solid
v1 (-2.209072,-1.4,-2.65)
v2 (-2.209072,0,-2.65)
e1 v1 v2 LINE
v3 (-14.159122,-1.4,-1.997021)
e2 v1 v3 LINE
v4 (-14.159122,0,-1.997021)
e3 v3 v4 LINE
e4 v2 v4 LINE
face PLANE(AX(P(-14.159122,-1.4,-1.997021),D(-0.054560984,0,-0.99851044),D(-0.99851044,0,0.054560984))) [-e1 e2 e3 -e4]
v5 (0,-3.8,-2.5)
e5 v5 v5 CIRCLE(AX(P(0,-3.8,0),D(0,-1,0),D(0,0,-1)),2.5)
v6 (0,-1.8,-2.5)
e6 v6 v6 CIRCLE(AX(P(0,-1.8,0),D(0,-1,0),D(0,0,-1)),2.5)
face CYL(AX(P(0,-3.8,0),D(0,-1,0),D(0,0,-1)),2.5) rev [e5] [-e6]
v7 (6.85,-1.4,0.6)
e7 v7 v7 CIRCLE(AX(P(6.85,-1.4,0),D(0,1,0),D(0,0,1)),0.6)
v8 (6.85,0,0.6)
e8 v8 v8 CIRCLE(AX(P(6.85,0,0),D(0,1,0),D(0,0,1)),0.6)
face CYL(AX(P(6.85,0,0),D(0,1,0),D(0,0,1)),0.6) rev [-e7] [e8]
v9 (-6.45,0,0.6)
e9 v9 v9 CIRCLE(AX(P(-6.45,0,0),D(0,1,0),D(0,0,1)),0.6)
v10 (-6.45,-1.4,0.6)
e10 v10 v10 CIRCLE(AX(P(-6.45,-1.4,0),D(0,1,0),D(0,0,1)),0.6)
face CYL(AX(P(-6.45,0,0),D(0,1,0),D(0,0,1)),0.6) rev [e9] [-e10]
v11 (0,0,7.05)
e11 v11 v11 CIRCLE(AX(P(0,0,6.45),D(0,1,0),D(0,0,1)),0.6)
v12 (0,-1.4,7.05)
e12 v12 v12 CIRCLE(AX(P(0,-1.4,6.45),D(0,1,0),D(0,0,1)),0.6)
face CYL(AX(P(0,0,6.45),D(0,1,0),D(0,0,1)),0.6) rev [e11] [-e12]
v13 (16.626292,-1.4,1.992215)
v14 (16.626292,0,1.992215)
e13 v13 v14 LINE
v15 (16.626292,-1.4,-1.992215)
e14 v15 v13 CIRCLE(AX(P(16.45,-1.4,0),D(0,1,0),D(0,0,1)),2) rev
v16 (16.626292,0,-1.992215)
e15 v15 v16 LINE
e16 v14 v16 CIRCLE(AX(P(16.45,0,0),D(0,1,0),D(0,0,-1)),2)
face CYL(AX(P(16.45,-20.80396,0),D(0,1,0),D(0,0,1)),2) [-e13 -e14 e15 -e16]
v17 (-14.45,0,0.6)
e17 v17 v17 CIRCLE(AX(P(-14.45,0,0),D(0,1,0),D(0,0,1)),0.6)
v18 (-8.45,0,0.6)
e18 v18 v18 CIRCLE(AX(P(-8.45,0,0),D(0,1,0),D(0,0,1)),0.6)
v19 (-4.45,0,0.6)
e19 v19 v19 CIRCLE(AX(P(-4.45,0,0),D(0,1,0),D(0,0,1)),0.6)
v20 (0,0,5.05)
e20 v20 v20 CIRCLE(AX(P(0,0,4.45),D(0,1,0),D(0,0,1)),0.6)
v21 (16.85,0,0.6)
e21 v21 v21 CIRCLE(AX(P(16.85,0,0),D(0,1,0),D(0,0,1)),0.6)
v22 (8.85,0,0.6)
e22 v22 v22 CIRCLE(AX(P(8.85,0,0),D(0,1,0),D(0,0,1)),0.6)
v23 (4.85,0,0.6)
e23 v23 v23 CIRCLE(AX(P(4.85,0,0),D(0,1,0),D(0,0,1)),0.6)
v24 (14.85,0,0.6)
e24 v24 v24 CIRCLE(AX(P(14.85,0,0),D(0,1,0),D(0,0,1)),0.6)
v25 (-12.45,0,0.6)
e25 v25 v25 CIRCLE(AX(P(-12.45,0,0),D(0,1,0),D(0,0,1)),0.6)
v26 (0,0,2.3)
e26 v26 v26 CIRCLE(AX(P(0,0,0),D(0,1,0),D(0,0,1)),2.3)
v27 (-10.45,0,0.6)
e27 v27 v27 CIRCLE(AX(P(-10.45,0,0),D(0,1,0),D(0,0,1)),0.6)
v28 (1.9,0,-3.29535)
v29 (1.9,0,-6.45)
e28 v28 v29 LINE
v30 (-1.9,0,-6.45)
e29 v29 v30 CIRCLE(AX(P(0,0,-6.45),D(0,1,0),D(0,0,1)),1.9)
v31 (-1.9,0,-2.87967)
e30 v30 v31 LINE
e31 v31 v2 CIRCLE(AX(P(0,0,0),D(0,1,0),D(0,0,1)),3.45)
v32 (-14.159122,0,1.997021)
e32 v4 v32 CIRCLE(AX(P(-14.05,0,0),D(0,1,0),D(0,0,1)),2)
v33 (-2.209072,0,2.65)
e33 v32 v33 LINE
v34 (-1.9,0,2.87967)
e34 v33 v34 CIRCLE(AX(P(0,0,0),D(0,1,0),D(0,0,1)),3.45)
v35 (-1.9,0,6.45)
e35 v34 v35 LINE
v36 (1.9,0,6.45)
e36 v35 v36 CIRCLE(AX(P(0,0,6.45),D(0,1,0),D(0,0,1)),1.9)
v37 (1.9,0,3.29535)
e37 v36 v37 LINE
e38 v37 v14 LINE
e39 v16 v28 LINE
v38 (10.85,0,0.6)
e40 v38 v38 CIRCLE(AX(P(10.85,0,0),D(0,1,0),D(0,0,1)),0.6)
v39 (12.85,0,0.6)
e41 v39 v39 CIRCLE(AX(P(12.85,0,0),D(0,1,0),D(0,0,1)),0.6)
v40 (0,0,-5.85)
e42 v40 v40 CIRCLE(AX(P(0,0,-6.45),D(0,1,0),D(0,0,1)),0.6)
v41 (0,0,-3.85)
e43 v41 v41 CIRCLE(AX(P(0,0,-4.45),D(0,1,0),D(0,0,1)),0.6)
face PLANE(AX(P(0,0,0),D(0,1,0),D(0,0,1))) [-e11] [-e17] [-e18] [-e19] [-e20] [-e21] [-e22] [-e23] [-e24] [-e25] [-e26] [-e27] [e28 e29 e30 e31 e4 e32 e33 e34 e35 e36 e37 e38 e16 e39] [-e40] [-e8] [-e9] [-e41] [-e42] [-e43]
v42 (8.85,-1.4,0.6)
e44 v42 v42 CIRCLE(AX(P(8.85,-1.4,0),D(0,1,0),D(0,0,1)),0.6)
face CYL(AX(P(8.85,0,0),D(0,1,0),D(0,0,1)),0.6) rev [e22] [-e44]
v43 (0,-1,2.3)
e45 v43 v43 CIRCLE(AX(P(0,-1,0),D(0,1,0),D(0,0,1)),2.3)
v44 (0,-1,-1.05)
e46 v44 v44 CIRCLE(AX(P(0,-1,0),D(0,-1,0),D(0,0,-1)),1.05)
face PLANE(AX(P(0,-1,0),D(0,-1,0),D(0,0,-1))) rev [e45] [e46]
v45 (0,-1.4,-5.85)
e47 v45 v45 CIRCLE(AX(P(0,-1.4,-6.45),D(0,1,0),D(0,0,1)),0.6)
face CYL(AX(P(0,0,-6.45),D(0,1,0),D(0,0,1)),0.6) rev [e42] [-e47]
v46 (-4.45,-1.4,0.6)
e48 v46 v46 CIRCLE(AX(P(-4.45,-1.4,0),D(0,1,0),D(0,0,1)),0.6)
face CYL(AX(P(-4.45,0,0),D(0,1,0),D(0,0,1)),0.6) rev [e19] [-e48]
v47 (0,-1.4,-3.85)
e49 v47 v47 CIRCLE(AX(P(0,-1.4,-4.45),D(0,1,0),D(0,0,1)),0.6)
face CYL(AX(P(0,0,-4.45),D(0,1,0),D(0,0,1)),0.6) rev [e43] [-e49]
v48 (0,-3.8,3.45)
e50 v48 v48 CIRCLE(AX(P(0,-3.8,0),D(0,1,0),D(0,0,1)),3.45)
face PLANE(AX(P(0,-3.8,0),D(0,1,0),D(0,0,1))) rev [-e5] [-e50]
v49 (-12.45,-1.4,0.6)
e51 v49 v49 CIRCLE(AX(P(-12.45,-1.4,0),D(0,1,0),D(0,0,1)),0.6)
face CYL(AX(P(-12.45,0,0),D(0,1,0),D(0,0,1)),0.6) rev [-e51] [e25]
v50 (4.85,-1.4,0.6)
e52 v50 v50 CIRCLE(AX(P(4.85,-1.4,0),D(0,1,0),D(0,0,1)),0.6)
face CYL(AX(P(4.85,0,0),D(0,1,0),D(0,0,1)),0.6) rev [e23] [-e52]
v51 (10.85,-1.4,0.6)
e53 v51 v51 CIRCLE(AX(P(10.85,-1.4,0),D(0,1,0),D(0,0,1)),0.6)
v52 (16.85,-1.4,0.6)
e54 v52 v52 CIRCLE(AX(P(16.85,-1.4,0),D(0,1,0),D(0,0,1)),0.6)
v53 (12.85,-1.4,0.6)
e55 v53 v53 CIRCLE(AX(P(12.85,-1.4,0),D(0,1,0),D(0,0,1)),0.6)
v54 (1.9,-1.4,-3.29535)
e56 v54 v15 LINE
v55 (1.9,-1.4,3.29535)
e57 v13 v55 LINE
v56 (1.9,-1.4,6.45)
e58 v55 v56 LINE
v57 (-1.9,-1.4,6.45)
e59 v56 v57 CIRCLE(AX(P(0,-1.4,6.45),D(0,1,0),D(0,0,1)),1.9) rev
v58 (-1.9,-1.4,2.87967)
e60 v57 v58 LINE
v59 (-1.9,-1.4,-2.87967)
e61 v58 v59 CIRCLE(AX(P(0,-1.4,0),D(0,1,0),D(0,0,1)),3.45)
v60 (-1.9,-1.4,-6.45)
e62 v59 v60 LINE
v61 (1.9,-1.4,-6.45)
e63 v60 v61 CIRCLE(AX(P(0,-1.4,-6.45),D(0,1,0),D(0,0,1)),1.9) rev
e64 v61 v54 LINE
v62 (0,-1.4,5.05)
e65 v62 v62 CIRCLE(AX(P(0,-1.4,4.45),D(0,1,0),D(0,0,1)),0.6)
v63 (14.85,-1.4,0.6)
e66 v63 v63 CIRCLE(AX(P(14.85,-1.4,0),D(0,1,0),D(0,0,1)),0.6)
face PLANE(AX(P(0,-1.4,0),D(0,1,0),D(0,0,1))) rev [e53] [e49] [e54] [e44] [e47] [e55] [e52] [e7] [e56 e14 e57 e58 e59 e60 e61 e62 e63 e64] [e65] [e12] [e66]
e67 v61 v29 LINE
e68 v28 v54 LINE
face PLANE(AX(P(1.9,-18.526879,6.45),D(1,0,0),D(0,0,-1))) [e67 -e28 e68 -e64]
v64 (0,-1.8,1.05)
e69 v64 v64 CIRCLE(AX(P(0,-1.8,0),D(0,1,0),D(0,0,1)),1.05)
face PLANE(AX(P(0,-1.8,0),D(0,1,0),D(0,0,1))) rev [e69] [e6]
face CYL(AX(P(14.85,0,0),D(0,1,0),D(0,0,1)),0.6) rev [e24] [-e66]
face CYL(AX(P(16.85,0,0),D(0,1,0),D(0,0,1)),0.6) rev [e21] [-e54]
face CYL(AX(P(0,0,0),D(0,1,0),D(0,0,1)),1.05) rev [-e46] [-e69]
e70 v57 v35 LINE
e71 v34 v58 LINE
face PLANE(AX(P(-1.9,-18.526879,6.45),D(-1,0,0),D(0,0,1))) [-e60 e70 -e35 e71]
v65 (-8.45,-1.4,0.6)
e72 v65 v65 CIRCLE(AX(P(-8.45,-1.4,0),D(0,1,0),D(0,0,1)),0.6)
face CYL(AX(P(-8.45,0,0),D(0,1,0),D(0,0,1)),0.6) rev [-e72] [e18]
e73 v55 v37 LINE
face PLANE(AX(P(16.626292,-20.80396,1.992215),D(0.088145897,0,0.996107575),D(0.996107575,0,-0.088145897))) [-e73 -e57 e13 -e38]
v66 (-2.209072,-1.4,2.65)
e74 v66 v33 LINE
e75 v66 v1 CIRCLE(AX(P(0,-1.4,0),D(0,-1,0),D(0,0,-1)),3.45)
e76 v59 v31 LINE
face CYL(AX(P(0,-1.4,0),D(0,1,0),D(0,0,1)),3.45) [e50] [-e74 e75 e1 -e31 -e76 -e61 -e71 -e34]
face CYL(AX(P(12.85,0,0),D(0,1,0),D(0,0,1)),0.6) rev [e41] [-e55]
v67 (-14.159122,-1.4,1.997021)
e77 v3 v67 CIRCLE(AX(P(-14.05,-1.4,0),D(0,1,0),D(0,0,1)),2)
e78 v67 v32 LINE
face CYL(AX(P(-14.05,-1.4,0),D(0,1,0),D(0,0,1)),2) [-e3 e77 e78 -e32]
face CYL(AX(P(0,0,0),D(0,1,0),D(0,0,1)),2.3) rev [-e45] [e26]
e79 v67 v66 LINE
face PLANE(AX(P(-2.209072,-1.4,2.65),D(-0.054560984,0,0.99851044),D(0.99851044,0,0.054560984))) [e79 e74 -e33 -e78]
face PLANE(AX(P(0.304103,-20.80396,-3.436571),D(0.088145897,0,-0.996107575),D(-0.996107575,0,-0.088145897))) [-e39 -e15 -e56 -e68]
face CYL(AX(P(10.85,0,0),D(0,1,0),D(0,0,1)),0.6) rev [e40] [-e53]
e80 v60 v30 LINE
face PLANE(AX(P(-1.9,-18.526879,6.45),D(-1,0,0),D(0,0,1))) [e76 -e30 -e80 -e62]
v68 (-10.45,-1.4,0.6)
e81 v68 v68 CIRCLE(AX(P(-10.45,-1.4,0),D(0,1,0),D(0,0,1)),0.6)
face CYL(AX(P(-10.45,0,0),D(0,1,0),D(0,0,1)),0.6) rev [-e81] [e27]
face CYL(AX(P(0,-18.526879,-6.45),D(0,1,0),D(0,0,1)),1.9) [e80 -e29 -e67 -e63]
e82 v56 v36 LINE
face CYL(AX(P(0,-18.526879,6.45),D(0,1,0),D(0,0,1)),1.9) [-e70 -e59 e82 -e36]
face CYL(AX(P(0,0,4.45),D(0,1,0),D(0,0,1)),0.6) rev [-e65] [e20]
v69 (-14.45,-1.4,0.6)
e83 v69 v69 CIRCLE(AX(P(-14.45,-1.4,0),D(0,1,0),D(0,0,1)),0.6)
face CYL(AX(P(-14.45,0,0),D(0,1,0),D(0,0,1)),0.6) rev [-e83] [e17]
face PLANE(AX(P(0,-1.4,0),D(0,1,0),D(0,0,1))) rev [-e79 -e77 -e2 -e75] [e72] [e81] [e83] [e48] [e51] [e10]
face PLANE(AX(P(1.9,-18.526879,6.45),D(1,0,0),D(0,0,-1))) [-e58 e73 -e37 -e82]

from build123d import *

# Parameters (mm, degrees)
RESSALTO_EXTRUS_O1_DEPTH = 1.4
ESBO_O2_R                = 3.45
RESSALTO_EXTRUS_O2_DEPTH = 2.4
FURO1_D                  = 1.2
PADR_O_LINEAR1_COUNT     = 6
PADR_O_LINEAR1_PITCH     = 2
RESSALTO_EXTRUS_O3_DEPTH = 1.4
FURO2_D                  = 1.2
PADR_O_LINEAR2_COUNT     = 7
PADR_O_LINEAR2_PITCH     = 2
RESSALTO_EXTRUS_O4_DEPTH = 1.4
FURO3_D                  = 1.2
PADR_O_LINEAR3_COUNT     = 2
PADR_O_LINEAR3_PITCH     = 2
PADR_OCIRCULAR1_COUNT    = 2
PADR_OCIRCULAR1_COPY_1_D = 1.2
FURO4_D                  = 5
FURO4_DEPTH              = 2
FURO5_D                  = 4.6
FURO5_DEPTH              = 1
FURO6_D                  = 2.1


with BuildPart() as part:
    # Esboço1 → Ressalto-extrusão1 (new body)
    with BuildSketch(Plane(origin=(0, 0, 0), x_dir=(1, 0, 0), z_dir=(0, 1, 0))):
        with BuildLine():
            Line((-14.159121967, 1.99702088), (-2.209072203, 2.65))
            ThreePointArc((-2.209072203, 2.65), (3.45, 0), (-2.209072203, -2.65))
            Line((-2.209072203, -2.65), (-14.159121967, -1.99702088))
            ThreePointArc((-14.159121967, -1.99702088), (-16.05, 0), (-14.159121967, 1.99702088))
        make_face()
    extrude(amount=-RESSALTO_EXTRUS_O1_DEPTH)

    # Esboço2 → Ressalto-extrusão2 (add)
    with BuildSketch(Plane.XZ.offset(1.4)):
        with Locations(Location((0, 0, 0), (0, 0, 90))):
            Circle(ESBO_O2_R)
    extrude(amount=RESSALTO_EXTRUS_O2_DEPTH)

    # Furo1 (through all)
    with Locations(Plane(origin=(0, 0, 0), x_dir=(1, 0, 0), z_dir=(0, 1, 0))):
        with Locations((-14.45, 0)):
            furo1 = Hole(FURO1_D / 2)

    # Padrão linear1: Furo1 ×6
    with Locations(*[(i * PADR_O_LINEAR1_PITCH, 0, 0) for i in range(1, PADR_O_LINEAR1_COUNT)]):
        add(furo1, mode=Mode.SUBTRACT)

    # Esboço12 → Ressalto-extrusão3 (add)
    with BuildSketch(Plane(origin=(0, 0, 0), x_dir=(1, 0, 0), z_dir=(0, 1, 0))):
        with BuildLine():
            Line((0.304103343, 3.436571134), (16.626291793, 1.99221515))
            ThreePointArc((16.626291793, 1.99221515), (18.45, 0), (16.626291793, -1.99221515))
            Line((16.626291793, -1.99221515), (0.304103343, -3.436571134))
            ThreePointArc((0.304103343, -3.436571134), (3.45, 0), (0.304103343, 3.436571134))
        make_face()
    extrude(amount=-RESSALTO_EXTRUS_O3_DEPTH)

    # Furo2 (through all)
    with Locations(Plane(origin=(0, 0, 0), x_dir=(1, 0, 0), z_dir=(0, 1, 0))):
        with Locations((16.85, 0)):
            furo2 = Hole(FURO2_D / 2)

    # Padrão linear2: Furo2 ×7
    with Locations(*[(-i * PADR_O_LINEAR2_PITCH, 0, 0) for i in range(1, PADR_O_LINEAR2_COUNT)]):
        add(furo2, mode=Mode.SUBTRACT)

    # Esboço16 → Ressalto-extrusão4 (add)
    with BuildSketch(Plane(origin=(0, 0, 0), x_dir=(1, 0, 0), z_dir=(0, 1, 0))):
        with BuildLine():
            Line((-1.9, -6.45), (-1.9, 6.45))
            ThreePointArc((-1.9, 6.45), (0, 8.35), (1.9, 6.45))
            Line((1.9, 6.45), (1.9, -6.45))
            ThreePointArc((1.9, -6.45), (0, -8.35), (-1.9, -6.45))
        make_face()
    extrude(amount=-RESSALTO_EXTRUS_O4_DEPTH)

    # Furo3 (through all)
    with Locations(Plane(origin=(0, 0, 0), x_dir=(1, 0, 0), z_dir=(0, 1, 0))):
        with Locations((0, -6.45)):
            furo3 = Hole(FURO3_D / 2)

    # Padrão linear3: Furo3 ×2
    with Locations(*[(0, 0, -i * PADR_O_LINEAR3_PITCH) for i in range(1, PADR_O_LINEAR3_COUNT)]):
        add(furo3, mode=Mode.SUBTRACT)

    # PadrãoCircular1: Furo3 ×2 about axis
    padr_ocircular1_axis = Axis((0, 0, 0), (0, 1, 0))
    for i in range(1, PADR_OCIRCULAR1_COUNT):
        add(furo3.rotate(padr_ocircular1_axis, i * 360 / PADR_OCIRCULAR1_COUNT), mode=Mode.SUBTRACT)

    # PadrãoCircular1 copy 1 (through all)
    with Locations(Plane(origin=(0, 0, 2), x_dir=(-1, 0, 0), z_dir=(0, 1, 0))):
        with Locations((0, -6.45)):
            Hole(PADR_OCIRCULAR1_COPY_1_D / 2)

    # Furo4
    with Locations(Plane(origin=(0, -3.8, 0), x_dir=(-1, 0, 0), z_dir=(0, -1, 0))):
        with Locations((0, 0)):
            Hole(FURO4_D / 2, depth=FURO4_DEPTH)

    # Furo5
    with Locations(Plane(origin=(0, 0, 0), x_dir=(1, 0, 0), z_dir=(0, 1, 0))):
        with Locations((0, 0)):
            Hole(FURO5_D / 2, depth=FURO5_DEPTH)

    # Furo6 (through all)
    with Locations(Plane(origin=(0, 0, 0), x_dir=(1, 0, 0), z_dir=(0, 1, 0))):
        with Locations((0, 0)):
            Hole(FURO6_D / 2)


solid = part.part
